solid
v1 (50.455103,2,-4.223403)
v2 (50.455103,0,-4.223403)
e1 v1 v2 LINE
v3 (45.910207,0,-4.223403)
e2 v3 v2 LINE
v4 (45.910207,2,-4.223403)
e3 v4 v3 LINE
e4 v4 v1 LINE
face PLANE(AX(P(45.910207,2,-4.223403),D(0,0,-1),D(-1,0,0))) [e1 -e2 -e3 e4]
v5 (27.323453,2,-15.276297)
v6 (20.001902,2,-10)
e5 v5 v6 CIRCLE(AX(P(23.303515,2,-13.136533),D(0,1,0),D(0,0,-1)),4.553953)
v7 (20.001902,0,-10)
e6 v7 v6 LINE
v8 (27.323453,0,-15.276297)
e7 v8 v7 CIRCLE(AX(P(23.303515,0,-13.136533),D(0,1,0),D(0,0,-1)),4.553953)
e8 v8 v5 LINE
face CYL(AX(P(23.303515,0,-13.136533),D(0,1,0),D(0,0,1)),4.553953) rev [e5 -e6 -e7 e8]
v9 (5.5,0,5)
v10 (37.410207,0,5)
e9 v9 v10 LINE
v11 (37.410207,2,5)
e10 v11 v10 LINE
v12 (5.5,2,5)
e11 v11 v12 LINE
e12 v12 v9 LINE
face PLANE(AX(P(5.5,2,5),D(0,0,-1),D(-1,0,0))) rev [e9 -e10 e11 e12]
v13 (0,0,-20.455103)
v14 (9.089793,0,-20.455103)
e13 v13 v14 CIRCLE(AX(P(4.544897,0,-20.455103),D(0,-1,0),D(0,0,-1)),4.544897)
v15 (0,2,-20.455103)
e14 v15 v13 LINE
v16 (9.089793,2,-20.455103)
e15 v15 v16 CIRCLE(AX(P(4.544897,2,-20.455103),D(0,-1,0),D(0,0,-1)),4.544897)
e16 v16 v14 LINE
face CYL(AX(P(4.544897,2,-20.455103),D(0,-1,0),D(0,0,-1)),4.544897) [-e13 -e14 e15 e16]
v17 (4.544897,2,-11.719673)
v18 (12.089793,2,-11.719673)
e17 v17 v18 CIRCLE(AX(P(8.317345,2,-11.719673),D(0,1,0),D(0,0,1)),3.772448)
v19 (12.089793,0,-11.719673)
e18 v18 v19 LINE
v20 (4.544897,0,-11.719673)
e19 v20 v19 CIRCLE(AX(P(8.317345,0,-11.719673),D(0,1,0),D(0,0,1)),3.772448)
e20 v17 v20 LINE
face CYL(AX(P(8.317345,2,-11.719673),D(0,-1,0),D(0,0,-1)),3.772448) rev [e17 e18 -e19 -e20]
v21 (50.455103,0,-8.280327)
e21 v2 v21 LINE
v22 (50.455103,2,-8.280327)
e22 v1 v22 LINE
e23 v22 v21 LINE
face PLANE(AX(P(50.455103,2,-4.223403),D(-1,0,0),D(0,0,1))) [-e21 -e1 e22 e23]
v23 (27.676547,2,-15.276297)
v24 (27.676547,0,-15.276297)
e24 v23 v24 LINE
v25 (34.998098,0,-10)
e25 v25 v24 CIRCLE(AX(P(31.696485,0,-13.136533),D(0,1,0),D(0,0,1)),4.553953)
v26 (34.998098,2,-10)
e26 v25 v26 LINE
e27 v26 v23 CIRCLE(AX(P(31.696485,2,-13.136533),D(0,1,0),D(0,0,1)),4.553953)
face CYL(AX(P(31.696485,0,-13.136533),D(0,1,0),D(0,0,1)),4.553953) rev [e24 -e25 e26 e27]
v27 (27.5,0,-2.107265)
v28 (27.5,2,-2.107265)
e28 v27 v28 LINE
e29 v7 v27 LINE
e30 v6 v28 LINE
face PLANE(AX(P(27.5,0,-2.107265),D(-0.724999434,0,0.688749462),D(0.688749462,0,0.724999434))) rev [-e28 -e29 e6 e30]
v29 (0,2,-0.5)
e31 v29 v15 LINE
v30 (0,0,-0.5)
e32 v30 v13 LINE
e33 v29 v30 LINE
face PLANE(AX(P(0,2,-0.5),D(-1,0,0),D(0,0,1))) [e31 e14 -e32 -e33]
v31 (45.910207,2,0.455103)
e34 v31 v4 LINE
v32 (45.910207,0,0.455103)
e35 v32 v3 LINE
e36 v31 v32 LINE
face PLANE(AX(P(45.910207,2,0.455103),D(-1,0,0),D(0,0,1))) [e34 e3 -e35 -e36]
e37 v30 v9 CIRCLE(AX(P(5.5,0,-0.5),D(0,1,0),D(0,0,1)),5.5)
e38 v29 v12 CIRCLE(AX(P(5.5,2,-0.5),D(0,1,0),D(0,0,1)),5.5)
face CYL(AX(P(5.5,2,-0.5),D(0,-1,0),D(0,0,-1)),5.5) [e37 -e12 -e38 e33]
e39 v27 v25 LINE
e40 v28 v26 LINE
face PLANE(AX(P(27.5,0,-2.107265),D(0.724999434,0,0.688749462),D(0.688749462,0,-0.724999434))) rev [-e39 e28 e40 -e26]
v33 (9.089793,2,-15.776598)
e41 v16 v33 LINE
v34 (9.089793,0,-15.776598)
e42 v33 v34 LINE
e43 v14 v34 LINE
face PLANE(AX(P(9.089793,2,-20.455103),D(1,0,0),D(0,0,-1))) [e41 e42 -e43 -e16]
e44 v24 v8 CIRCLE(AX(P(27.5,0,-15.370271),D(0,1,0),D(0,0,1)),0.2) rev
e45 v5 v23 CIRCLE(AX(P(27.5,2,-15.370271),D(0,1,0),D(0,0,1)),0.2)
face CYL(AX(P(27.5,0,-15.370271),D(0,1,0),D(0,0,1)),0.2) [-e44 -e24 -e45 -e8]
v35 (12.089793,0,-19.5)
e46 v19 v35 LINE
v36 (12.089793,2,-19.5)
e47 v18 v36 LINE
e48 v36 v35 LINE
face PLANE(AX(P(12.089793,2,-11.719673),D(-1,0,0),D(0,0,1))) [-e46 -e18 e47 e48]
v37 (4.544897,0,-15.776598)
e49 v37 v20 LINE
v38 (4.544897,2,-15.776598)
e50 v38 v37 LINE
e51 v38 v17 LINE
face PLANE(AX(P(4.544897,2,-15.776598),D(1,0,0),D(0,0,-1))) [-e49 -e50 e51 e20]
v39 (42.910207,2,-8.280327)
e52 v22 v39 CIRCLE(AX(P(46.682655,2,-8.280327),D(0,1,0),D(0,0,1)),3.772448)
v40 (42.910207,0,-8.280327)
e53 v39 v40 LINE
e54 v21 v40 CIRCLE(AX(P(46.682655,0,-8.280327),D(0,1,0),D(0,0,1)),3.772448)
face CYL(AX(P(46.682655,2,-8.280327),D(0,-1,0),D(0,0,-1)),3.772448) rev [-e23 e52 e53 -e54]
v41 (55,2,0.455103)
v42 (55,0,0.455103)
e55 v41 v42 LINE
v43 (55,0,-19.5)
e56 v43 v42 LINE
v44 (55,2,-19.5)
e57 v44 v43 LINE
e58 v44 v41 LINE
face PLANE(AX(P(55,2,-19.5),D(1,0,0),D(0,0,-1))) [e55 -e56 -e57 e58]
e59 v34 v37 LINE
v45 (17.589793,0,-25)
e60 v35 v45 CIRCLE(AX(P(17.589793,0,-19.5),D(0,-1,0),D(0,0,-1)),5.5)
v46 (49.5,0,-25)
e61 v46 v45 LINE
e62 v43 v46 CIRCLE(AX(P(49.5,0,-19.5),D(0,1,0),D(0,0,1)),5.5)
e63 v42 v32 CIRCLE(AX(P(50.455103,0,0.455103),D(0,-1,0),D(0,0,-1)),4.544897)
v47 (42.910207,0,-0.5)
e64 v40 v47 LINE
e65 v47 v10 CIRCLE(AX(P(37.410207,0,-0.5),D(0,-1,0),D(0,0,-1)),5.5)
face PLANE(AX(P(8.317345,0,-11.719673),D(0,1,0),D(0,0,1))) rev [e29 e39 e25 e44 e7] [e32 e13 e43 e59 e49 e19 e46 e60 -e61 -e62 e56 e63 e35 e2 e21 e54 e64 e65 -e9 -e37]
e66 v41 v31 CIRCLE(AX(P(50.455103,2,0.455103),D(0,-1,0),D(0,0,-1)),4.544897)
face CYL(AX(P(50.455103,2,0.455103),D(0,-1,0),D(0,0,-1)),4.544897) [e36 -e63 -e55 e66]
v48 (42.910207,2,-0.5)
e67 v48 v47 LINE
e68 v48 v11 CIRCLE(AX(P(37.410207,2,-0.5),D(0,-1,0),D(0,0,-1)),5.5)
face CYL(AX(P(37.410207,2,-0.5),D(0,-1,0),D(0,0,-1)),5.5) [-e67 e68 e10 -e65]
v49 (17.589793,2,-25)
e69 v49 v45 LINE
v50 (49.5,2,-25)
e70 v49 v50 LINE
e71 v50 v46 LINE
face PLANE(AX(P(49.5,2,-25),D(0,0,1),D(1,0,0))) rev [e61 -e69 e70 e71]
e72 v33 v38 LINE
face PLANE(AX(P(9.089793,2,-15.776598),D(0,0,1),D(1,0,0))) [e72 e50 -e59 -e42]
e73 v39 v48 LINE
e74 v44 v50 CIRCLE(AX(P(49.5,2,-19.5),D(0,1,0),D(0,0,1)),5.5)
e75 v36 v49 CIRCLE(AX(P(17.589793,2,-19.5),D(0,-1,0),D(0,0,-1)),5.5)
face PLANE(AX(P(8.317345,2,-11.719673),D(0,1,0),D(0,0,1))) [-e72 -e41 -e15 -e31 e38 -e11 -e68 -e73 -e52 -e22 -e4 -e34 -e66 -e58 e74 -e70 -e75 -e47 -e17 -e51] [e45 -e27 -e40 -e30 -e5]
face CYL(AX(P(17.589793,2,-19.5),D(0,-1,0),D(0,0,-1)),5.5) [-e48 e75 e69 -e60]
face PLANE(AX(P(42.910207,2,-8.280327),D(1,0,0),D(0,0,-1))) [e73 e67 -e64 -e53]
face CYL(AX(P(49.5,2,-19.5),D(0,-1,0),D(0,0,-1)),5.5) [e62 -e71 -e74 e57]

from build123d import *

# Parameters (mm, degrees)
BOSS_EXTRUDE1_DEPTH = 2
CUT_EXTRUDE1_DEPTH  = 3
FILLET1_R           = 0.2


with BuildPart() as part:
    # Sketch2 → Boss-Extrude1 (new body)
    with BuildSketch(Plane(origin=(0, 0, 0), x_dir=(1, 0, 0), z_dir=(0, 1, 0))):
        with BuildLine():
            Line((0, 0.500000092), (0, 20.455103274))
            ThreePointArc((0, 20.455103274), (4.54489668, 25.000000092), (9.089793452, 20.455103365))
            Line((9.089793452, 20.455103365), (9.089793452, 15.776597525))
            Line((9.089793452, 15.776597525), (4.544896726, 15.776597525))
            Line((4.544896726, 15.776597525), (4.544896726, 11.719673062))
            ThreePointArc((4.544896726, 11.719673062), (8.317345089, 7.947224699), (12.089793452, 11.719673062))
            Line((12.089793452, 11.719673062), (12.089793452, 19.500000092))
            ThreePointArc((12.089793452, 19.500000092), (13.700706156, 23.389087388), (17.589793452, 25.000000092))
            Line((17.589793452, 25.000000092), (27.5, 25.000000092))
            Line((27.5, 25.000000092), (49.5, 25.000000092))
            ThreePointArc((49.5, 25.000000092), (53.389087297, 23.389087388), (55, 19.500000092))
            Line((55, 19.500000092), (55, -0.455103091))
            ThreePointArc((55, -0.455103091), (50.45510332, -4.999999908), (45.910206548, -0.455103182))
            Line((45.910206548, -0.455103182), (45.910206548, 4.223402658))
            Line((45.910206548, 4.223402658), (50.455103274, 4.223402658))
            Line((50.455103274, 4.223402658), (50.455103274, 8.280327121))
            ThreePointArc((50.455103274, 8.280327121), (46.682654911, 12.052775484), (42.910206548, 8.280327121))
            Line((42.910206548, 8.280327121), (42.910206548, 0.500000092))
            ThreePointArc((42.910206548, 0.500000092), (41.299293844, -3.389087205), (37.410206548, -4.999999908))
            Line((37.410206548, -4.999999908), (27.5, -4.999999908))
            Line((27.5, -4.999999908), (5.5, -4.999999908))
            ThreePointArc((5.5, -4.999999908), (1.610912703, -3.389087205), (0, 0.500000092))
        make_face()
    extrude(amount=BOSS_EXTRUDE1_DEPTH)

    # Sketch3 → Cut-Extrude1 (cut, through all)
    with BuildSketch(Plane(origin=(0, 2, 0), x_dir=(1, 0, 0), z_dir=(0, 1, 0))):
        with BuildLine():
            Line((27.5, 2.107265014), (20.001901677, 10.000000092))
            ThreePointArc((20.001901677, 10.000000092), (20.810460493, 16.947460398), (27.5, 14.905149634))
            ThreePointArc((27.5, 14.905149634), (34.189539507, 16.947460398), (34.998098323, 10.000000092))
            Line((34.998098323, 10.000000092), (27.5, 2.107265014))
        make_face()
    extrude(amount=-CUT_EXTRUDE1_DEPTH, mode=Mode.SUBTRACT)

    # Fillet1
    fillet1_edges = [part.edges().sort_by_distance(p)[0] for p in [
        (27.5, 1, -14.905149634),
    ]]
    fillet(fillet1_edges, radius=FILLET1_R)


solid = part.part
